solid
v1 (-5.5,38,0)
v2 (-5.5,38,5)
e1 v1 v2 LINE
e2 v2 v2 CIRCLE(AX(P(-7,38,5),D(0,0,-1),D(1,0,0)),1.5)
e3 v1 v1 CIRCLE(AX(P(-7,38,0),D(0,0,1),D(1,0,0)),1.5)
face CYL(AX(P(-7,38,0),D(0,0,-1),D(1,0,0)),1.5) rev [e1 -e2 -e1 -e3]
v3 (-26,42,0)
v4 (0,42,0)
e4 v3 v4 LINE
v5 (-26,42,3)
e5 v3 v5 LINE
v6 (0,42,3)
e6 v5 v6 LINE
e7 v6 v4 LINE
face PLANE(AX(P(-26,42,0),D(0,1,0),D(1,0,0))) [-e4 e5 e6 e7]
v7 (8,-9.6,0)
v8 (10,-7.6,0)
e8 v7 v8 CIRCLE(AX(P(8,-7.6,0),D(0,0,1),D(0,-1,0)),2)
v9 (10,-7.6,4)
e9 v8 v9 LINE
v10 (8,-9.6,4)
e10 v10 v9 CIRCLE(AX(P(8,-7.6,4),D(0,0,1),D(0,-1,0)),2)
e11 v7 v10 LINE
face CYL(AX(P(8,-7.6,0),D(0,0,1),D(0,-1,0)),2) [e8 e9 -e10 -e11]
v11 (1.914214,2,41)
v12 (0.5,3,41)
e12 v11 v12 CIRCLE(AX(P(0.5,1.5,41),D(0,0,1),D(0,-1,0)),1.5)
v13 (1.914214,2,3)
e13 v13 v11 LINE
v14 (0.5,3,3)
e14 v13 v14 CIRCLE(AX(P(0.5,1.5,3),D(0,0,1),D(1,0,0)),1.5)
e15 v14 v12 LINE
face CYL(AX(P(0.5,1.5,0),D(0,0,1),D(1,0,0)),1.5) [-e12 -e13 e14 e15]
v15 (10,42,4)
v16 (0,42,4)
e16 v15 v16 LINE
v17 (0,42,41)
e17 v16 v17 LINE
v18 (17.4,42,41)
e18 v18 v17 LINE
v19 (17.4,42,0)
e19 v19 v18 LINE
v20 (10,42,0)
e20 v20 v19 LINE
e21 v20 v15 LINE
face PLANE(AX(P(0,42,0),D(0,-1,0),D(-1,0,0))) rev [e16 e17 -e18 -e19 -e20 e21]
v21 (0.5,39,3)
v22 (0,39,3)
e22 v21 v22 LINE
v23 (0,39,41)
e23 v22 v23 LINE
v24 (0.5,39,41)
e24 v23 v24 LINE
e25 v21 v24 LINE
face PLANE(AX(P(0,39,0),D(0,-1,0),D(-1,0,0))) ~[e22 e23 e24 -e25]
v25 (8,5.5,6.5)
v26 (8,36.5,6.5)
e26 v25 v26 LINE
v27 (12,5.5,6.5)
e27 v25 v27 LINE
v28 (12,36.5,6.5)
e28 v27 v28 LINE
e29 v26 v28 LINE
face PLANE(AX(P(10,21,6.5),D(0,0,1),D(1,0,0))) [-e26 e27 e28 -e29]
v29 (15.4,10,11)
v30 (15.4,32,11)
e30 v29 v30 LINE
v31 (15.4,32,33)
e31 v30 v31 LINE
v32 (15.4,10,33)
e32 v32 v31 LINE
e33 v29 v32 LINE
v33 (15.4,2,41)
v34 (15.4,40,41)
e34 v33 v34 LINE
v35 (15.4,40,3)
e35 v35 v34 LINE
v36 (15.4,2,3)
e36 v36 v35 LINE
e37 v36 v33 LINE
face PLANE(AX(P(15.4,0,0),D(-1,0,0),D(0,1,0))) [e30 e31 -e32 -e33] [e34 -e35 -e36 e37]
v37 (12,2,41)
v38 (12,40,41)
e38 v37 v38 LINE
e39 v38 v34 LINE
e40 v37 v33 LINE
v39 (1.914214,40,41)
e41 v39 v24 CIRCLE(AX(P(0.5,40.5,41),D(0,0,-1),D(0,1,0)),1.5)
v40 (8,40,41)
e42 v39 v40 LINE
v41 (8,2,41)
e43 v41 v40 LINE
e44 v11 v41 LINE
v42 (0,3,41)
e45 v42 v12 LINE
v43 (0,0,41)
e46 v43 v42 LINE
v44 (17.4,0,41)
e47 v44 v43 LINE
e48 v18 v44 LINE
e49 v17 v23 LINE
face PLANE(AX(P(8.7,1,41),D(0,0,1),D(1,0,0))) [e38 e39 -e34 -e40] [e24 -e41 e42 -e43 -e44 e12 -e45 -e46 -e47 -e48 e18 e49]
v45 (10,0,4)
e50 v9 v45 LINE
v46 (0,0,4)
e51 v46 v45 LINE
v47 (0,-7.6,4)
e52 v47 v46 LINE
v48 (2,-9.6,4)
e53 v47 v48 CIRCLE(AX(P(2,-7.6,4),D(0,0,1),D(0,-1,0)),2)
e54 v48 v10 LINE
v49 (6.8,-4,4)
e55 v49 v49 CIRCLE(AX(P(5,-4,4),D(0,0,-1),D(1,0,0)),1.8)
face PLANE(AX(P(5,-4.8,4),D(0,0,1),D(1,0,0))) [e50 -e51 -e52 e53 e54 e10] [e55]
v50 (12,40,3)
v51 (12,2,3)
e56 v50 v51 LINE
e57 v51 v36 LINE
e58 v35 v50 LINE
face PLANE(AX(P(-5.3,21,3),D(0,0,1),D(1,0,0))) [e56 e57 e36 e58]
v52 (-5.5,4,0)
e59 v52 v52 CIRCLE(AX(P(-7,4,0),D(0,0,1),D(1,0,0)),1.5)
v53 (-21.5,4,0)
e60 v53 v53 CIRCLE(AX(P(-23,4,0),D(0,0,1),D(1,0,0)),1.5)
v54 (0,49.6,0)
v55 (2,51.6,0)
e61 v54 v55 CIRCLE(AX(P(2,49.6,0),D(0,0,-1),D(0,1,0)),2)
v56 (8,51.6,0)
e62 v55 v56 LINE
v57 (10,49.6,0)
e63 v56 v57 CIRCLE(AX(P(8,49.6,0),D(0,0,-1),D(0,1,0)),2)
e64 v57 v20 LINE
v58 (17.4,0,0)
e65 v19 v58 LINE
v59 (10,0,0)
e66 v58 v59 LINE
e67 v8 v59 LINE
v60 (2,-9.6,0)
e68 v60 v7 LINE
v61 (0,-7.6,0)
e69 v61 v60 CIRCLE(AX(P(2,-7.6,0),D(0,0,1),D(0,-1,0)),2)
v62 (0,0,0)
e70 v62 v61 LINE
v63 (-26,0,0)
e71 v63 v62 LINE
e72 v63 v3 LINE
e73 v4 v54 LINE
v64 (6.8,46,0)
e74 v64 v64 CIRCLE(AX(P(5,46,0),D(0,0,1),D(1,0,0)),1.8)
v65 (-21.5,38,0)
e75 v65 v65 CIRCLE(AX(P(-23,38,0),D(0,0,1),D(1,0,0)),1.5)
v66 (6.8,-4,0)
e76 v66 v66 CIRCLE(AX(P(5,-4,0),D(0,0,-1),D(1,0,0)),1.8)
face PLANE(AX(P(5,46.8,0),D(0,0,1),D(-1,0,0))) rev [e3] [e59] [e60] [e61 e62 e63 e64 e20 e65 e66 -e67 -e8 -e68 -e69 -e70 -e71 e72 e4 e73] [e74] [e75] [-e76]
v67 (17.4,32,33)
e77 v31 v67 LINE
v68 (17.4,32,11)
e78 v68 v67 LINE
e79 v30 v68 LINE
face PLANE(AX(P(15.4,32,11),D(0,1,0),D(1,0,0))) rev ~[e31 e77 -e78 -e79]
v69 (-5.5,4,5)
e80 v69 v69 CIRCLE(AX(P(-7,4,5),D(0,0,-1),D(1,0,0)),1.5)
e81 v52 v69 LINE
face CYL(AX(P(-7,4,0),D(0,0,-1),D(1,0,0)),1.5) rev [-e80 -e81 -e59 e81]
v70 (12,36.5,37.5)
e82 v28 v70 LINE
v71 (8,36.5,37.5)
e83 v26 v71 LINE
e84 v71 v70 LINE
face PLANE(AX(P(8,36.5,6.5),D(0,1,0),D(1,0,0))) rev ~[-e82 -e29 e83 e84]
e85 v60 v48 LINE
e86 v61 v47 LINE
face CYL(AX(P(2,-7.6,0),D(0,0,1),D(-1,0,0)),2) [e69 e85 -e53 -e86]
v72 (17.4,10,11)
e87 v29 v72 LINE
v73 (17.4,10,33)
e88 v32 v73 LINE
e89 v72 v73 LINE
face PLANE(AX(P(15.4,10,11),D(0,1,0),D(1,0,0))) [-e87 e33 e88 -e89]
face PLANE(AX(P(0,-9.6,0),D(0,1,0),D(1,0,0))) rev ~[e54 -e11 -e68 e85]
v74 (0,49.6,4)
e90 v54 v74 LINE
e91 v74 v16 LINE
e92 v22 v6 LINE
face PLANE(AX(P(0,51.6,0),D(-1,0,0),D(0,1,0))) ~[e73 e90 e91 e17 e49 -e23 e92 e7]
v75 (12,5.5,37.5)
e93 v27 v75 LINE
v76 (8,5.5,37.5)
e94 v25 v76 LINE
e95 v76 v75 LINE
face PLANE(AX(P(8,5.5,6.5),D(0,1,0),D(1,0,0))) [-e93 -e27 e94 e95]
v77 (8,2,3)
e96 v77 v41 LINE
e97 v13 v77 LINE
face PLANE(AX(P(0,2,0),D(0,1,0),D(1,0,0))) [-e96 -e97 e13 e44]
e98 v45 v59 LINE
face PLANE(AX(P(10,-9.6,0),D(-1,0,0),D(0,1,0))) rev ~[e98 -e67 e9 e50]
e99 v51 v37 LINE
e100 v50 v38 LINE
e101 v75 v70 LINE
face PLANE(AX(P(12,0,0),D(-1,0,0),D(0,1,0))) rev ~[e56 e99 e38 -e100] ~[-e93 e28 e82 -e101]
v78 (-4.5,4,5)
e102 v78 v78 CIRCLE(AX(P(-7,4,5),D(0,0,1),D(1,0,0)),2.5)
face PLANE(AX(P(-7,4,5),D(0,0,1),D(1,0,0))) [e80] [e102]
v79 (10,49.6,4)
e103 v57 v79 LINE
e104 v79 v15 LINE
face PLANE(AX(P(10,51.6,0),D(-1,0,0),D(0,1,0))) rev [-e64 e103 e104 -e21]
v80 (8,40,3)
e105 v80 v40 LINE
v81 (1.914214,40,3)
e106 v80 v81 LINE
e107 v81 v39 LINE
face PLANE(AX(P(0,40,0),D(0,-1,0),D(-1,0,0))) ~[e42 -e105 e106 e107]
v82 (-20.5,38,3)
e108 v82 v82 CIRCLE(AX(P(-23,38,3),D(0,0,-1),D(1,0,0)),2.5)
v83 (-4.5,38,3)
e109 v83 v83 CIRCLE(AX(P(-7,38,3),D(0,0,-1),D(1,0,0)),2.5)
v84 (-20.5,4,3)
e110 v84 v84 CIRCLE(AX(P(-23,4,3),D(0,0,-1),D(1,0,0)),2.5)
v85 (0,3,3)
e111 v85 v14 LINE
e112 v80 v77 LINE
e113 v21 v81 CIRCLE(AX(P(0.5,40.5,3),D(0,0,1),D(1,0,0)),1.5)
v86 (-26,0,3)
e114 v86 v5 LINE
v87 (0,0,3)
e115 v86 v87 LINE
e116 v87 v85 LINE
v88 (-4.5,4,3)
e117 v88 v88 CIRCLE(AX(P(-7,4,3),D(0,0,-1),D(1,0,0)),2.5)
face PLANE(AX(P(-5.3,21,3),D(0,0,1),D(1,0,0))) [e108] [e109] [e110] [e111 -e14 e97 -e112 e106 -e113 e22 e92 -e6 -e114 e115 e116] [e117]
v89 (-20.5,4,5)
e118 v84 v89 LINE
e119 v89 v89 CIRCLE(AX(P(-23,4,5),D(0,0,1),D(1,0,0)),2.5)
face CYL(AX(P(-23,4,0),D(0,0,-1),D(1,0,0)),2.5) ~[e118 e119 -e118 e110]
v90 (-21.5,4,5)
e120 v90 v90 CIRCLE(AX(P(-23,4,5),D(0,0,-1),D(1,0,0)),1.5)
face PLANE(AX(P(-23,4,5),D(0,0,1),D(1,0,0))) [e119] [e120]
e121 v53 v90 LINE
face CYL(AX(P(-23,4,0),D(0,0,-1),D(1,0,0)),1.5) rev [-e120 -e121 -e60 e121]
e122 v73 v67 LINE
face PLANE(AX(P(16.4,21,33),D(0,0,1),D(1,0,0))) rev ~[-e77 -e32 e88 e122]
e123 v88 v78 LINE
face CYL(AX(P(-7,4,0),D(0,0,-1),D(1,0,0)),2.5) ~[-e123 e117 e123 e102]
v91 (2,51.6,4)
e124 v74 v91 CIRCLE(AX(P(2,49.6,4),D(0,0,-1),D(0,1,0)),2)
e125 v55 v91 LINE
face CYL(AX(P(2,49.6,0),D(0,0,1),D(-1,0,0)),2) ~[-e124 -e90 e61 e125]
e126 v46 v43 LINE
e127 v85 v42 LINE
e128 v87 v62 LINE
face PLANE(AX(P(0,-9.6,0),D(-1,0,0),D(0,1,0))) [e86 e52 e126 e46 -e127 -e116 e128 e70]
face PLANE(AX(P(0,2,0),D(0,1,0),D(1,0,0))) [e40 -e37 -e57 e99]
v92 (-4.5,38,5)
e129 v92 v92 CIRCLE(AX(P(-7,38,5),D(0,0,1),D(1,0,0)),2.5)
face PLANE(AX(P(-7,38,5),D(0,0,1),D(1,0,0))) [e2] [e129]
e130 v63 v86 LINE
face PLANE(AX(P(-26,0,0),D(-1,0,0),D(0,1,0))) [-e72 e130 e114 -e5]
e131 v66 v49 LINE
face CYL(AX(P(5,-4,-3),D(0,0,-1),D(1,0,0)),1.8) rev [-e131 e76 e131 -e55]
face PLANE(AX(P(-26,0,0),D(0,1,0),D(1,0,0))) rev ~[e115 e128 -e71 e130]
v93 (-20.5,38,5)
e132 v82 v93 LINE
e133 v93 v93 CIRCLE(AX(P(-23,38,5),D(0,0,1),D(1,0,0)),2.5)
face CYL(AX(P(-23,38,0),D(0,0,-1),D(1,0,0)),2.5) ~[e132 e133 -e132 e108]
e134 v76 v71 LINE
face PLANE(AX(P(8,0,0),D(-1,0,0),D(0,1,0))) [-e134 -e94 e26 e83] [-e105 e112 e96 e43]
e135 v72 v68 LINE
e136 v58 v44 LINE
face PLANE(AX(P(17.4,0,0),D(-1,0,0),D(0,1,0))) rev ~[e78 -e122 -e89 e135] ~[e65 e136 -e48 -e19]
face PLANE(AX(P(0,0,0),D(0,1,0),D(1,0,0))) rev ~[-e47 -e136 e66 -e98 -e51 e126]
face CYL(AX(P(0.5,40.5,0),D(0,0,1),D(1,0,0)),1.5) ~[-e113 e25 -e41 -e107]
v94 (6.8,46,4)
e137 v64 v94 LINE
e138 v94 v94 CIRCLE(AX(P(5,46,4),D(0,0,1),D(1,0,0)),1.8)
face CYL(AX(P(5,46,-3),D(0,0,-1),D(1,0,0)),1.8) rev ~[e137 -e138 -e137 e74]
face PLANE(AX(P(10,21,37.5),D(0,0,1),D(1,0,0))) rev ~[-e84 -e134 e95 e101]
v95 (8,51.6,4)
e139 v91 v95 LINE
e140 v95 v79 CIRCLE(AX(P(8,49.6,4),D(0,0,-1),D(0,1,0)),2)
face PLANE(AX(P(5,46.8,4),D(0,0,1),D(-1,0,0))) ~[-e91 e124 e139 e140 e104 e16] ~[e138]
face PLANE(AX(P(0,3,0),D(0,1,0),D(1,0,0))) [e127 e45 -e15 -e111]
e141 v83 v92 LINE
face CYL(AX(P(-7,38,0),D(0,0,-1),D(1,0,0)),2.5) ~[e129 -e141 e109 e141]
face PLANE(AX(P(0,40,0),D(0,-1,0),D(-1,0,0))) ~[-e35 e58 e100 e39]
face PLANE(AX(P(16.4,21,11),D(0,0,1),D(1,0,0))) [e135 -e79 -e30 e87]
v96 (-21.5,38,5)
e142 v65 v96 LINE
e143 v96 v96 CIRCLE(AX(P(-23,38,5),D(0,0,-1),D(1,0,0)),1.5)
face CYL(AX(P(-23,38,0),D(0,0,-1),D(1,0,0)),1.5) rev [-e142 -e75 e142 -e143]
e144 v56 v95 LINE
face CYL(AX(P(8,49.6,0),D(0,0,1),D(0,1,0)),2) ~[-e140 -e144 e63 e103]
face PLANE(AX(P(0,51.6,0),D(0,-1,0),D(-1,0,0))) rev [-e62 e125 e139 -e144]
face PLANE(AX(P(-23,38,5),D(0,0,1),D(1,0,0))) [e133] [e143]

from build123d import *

# Parameters (mm, degrees)
CYLINDER_R        = 1.5
CYLINDER_DEPTH    = 20
ARRAY_X_COUNT     = 2
ARRAY_X_PITCH     = 16
ARRAY_Y_COUNT     = 2
ARRAY_Y_PITCH     = 34
CYLINDER001_R     = 1.8
CYLINDER001_DEPTH = 10
BOX005_W          = 2
BOX005_H          = 3
BOX005_DEPTH      = 41
FILLET_R          = 1.5
BOX004_W          = 10
BOX004_H          = 9.6
BOX004_DEPTH      = 4
FILLET001_R       = 2
BOX001_W          = 17.4
BOX001_H          = 2
BOX001_DEPTH      = 41
BOX_W             = 41.4
BOX_H             = 42
BOX_DEPTH         = 3
BOX003_W          = 4
BOX003_H          = 31
BOX003_DEPTH      = 31
BOX002_W          = 4
BOX002_H          = 42
BOX002_DEPTH      = 41
BOX007_W          = 2
BOX007_H          = 22
BOX007_DEPTH      = 22
BOX006_W          = 2
BOX006_H          = 42
BOX006_DEPTH      = 41
CYLINDER002_R     = 2.5
CYLINDER002_DEPTH = 5
ARRAY001_X_COUNT  = 2
ARRAY001_X_PITCH  = 16
ARRAY001_Y_COUNT  = 2
ARRAY001_Y_PITCH  = 34


with BuildPart() as stepup_bolt_hole_array:
    # Cylinder → Cylinder (new body)
    with BuildSketch(Plane(origin=(-23, 4, 0), x_dir=(1, 0, 0), z_dir=(0, 0, 1))):
        Circle(CYLINDER_R)
    extrude(amount=CYLINDER_DEPTH)

    # Array X: stepup bolt hole array ×2


with BuildPart() as stepup_bolt_hole_array_1:
    add(stepup_bolt_hole_array.part)
    with Locations(*[(i * ARRAY_X_PITCH, 0, 0) for i in range(1, ARRAY_X_COUNT)]):
        add(stepup_bolt_hole_array.part)

    # Array Y: stepup bolt hole array ×2


with BuildPart() as stepup_bolt_hole_array_2:
    add(stepup_bolt_hole_array_1.part)
    with Locations(*[(0, i * ARRAY_Y_PITCH, 0) for i in range(1, ARRAY_Y_COUNT)]):
        add(stepup_bolt_hole_array_1.part)


with BuildPart() as bolt_hole:
    # Cylinder001 → Cylinder001 (new body)
    with BuildSketch(Plane(origin=(5, -4, -3), x_dir=(1, 0, 0), z_dir=(0, 0, 1))):
        Circle(CYLINDER001_R)
    extrude(amount=CYLINDER001_DEPTH)


with BuildPart() as side_locker_fillet:
    # Box005 → Box005 (new body)
    with BuildSketch(Plane.XY):
        with Locations((1, 1.5)):
            Rectangle(BOX005_W, BOX005_H)
    extrude(amount=BOX005_DEPTH)

    # Fillet
    fillet_edges = [side_locker_fillet.edges().sort_by_distance(p)[0] for p in [
        (2, 3, 20.5),
    ]]
    fillet(fillet_edges, radius=FILLET_R)


with BuildPart() as bolt_hole_cube_fillet:
    # Box004 → Box004 (new body)
    with BuildSketch(Plane(origin=(0, -9.6, 0), x_dir=(1, 0, 0), z_dir=(0, 0, 1))):
        with Locations((5, 4.8)):
            Rectangle(BOX004_W, BOX004_H)
    extrude(amount=BOX004_DEPTH)

    # Fillet001
    fillet001_edges = [bolt_hole_cube_fillet.edges().sort_by_distance(p)[0] for p in [
        (0, -9.6, 2),
        (10, -9.6, 2),
    ]]
    fillet(fillet001_edges, radius=FILLET001_R)


with BuildPart() as side_cut:
    # Box001 → Box001 (new body)
    with BuildSketch(Plane.XY):
        with Locations((8.7, 1)):
            Rectangle(BOX001_W, BOX001_H)
    extrude(amount=BOX001_DEPTH)

    # Fusion: union side locker fillet, bolt hole cube fillet
    add(side_locker_fillet.part)
    add(bolt_hole_cube_fillet.part)

    # Cut001: cut bolt hole
    add(bolt_hole.part, mode=Mode.SUBTRACT)


with BuildPart() as bottom_cube:
    # Box → Box (new body)
    with BuildSketch(Plane(origin=(-26, 0, 0), x_dir=(1, 0, 0), z_dir=(0, 0, 1))):
        with Locations((20.7, 21)):
            Rectangle(BOX_W, BOX_H)
    extrude(amount=BOX_DEPTH)


with BuildPart() as part_mirroring:
    # Part__Mirroring: instance of side cut
    add(side_cut.part.mirror(Plane(origin=(0, 21, 0), x_dir=(1, 0, 0), z_dir=(0, 1, 0))))


with BuildPart() as light_wall_hole_cube:
    # Box003 → Box003 (new body)
    with BuildSketch(Plane(origin=(8, 5.5, 6.5), x_dir=(1, 0, 0), z_dir=(0, 0, 1))):
        with Locations((2, 15.5)):
            Rectangle(BOX003_W, BOX003_H)
    extrude(amount=BOX003_DEPTH)


with BuildPart() as light_wall:
    # Box002 → Box002 (new body)
    with BuildSketch(Plane(origin=(8, 0, 0), x_dir=(1, 0, 0), z_dir=(0, 0, 1))):
        with Locations((2, 21)):
            Rectangle(BOX002_W, BOX002_H)
    extrude(amount=BOX002_DEPTH)

    # Cut: cut light wall hole cube
    add(light_wall_hole_cube.part, mode=Mode.SUBTRACT)


with BuildPart() as filter_wall_hole_cube:
    # Box007 → Box007 (new body)
    with BuildSketch(Plane(origin=(8, 10, 11), x_dir=(1, 0, 0), z_dir=(0, 0, 1))):
        with Locations((1, 11)):
            Rectangle(BOX007_W, BOX007_H)
    extrude(amount=BOX007_DEPTH)


with BuildPart() as filter_wall:
    # Box006 → Box006 (new body)
    with BuildSketch(Plane(origin=(8, 0, 0), x_dir=(1, 0, 0), z_dir=(0, 0, 1))):
        with Locations((1, 21)):
            Rectangle(BOX006_W, BOX006_H)
    extrude(amount=BOX006_DEPTH)

    # Cut003: cut filter wall hole cube
    add(filter_wall_hole_cube.part, mode=Mode.SUBTRACT)


with BuildPart() as filter_wall_1:
    # Cut003 placement: moved
    add(filter_wall.part.moved(Location((7.4, 0, 0))))


with BuildPart() as lighter_holder_cut:
    # Cylinder002 → Cylinder002 (new body)
    with BuildSketch(Plane(origin=(-23, 4, 0), x_dir=(1, 0, 0), z_dir=(0, 0, 1))):
        Circle(CYLINDER002_R)
    extrude(amount=CYLINDER002_DEPTH)

    # Array001 X: lighter holder cut ×2


with BuildPart() as lighter_holder_cut_1:
    add(lighter_holder_cut.part)
    with Locations(*[(i * ARRAY001_X_PITCH, 0, 0) for i in range(1, ARRAY001_X_COUNT)]):
        add(lighter_holder_cut.part)

    # Array001 Y: lighter holder cut ×2


with BuildPart() as lighter_holder_cut_2:
    add(lighter_holder_cut_1.part)
    with Locations(*[(0, i * ARRAY001_Y_PITCH, 0) for i in range(1, ARRAY001_Y_COUNT)]):
        add(lighter_holder_cut_1.part)

    # Fusion001: union side cut, bottom cube, Part__Mirroring, light wall, filter wall
    add(side_cut.part)
    add(bottom_cube.part)
    add(part_mirroring.part)
    add(light_wall.part)
    add(filter_wall_1.part)

    # Cut002: cut stepup bolt hole array
    add(stepup_bolt_hole_array_2.part, mode=Mode.SUBTRACT)


solid = lighter_holder_cut_2.part
